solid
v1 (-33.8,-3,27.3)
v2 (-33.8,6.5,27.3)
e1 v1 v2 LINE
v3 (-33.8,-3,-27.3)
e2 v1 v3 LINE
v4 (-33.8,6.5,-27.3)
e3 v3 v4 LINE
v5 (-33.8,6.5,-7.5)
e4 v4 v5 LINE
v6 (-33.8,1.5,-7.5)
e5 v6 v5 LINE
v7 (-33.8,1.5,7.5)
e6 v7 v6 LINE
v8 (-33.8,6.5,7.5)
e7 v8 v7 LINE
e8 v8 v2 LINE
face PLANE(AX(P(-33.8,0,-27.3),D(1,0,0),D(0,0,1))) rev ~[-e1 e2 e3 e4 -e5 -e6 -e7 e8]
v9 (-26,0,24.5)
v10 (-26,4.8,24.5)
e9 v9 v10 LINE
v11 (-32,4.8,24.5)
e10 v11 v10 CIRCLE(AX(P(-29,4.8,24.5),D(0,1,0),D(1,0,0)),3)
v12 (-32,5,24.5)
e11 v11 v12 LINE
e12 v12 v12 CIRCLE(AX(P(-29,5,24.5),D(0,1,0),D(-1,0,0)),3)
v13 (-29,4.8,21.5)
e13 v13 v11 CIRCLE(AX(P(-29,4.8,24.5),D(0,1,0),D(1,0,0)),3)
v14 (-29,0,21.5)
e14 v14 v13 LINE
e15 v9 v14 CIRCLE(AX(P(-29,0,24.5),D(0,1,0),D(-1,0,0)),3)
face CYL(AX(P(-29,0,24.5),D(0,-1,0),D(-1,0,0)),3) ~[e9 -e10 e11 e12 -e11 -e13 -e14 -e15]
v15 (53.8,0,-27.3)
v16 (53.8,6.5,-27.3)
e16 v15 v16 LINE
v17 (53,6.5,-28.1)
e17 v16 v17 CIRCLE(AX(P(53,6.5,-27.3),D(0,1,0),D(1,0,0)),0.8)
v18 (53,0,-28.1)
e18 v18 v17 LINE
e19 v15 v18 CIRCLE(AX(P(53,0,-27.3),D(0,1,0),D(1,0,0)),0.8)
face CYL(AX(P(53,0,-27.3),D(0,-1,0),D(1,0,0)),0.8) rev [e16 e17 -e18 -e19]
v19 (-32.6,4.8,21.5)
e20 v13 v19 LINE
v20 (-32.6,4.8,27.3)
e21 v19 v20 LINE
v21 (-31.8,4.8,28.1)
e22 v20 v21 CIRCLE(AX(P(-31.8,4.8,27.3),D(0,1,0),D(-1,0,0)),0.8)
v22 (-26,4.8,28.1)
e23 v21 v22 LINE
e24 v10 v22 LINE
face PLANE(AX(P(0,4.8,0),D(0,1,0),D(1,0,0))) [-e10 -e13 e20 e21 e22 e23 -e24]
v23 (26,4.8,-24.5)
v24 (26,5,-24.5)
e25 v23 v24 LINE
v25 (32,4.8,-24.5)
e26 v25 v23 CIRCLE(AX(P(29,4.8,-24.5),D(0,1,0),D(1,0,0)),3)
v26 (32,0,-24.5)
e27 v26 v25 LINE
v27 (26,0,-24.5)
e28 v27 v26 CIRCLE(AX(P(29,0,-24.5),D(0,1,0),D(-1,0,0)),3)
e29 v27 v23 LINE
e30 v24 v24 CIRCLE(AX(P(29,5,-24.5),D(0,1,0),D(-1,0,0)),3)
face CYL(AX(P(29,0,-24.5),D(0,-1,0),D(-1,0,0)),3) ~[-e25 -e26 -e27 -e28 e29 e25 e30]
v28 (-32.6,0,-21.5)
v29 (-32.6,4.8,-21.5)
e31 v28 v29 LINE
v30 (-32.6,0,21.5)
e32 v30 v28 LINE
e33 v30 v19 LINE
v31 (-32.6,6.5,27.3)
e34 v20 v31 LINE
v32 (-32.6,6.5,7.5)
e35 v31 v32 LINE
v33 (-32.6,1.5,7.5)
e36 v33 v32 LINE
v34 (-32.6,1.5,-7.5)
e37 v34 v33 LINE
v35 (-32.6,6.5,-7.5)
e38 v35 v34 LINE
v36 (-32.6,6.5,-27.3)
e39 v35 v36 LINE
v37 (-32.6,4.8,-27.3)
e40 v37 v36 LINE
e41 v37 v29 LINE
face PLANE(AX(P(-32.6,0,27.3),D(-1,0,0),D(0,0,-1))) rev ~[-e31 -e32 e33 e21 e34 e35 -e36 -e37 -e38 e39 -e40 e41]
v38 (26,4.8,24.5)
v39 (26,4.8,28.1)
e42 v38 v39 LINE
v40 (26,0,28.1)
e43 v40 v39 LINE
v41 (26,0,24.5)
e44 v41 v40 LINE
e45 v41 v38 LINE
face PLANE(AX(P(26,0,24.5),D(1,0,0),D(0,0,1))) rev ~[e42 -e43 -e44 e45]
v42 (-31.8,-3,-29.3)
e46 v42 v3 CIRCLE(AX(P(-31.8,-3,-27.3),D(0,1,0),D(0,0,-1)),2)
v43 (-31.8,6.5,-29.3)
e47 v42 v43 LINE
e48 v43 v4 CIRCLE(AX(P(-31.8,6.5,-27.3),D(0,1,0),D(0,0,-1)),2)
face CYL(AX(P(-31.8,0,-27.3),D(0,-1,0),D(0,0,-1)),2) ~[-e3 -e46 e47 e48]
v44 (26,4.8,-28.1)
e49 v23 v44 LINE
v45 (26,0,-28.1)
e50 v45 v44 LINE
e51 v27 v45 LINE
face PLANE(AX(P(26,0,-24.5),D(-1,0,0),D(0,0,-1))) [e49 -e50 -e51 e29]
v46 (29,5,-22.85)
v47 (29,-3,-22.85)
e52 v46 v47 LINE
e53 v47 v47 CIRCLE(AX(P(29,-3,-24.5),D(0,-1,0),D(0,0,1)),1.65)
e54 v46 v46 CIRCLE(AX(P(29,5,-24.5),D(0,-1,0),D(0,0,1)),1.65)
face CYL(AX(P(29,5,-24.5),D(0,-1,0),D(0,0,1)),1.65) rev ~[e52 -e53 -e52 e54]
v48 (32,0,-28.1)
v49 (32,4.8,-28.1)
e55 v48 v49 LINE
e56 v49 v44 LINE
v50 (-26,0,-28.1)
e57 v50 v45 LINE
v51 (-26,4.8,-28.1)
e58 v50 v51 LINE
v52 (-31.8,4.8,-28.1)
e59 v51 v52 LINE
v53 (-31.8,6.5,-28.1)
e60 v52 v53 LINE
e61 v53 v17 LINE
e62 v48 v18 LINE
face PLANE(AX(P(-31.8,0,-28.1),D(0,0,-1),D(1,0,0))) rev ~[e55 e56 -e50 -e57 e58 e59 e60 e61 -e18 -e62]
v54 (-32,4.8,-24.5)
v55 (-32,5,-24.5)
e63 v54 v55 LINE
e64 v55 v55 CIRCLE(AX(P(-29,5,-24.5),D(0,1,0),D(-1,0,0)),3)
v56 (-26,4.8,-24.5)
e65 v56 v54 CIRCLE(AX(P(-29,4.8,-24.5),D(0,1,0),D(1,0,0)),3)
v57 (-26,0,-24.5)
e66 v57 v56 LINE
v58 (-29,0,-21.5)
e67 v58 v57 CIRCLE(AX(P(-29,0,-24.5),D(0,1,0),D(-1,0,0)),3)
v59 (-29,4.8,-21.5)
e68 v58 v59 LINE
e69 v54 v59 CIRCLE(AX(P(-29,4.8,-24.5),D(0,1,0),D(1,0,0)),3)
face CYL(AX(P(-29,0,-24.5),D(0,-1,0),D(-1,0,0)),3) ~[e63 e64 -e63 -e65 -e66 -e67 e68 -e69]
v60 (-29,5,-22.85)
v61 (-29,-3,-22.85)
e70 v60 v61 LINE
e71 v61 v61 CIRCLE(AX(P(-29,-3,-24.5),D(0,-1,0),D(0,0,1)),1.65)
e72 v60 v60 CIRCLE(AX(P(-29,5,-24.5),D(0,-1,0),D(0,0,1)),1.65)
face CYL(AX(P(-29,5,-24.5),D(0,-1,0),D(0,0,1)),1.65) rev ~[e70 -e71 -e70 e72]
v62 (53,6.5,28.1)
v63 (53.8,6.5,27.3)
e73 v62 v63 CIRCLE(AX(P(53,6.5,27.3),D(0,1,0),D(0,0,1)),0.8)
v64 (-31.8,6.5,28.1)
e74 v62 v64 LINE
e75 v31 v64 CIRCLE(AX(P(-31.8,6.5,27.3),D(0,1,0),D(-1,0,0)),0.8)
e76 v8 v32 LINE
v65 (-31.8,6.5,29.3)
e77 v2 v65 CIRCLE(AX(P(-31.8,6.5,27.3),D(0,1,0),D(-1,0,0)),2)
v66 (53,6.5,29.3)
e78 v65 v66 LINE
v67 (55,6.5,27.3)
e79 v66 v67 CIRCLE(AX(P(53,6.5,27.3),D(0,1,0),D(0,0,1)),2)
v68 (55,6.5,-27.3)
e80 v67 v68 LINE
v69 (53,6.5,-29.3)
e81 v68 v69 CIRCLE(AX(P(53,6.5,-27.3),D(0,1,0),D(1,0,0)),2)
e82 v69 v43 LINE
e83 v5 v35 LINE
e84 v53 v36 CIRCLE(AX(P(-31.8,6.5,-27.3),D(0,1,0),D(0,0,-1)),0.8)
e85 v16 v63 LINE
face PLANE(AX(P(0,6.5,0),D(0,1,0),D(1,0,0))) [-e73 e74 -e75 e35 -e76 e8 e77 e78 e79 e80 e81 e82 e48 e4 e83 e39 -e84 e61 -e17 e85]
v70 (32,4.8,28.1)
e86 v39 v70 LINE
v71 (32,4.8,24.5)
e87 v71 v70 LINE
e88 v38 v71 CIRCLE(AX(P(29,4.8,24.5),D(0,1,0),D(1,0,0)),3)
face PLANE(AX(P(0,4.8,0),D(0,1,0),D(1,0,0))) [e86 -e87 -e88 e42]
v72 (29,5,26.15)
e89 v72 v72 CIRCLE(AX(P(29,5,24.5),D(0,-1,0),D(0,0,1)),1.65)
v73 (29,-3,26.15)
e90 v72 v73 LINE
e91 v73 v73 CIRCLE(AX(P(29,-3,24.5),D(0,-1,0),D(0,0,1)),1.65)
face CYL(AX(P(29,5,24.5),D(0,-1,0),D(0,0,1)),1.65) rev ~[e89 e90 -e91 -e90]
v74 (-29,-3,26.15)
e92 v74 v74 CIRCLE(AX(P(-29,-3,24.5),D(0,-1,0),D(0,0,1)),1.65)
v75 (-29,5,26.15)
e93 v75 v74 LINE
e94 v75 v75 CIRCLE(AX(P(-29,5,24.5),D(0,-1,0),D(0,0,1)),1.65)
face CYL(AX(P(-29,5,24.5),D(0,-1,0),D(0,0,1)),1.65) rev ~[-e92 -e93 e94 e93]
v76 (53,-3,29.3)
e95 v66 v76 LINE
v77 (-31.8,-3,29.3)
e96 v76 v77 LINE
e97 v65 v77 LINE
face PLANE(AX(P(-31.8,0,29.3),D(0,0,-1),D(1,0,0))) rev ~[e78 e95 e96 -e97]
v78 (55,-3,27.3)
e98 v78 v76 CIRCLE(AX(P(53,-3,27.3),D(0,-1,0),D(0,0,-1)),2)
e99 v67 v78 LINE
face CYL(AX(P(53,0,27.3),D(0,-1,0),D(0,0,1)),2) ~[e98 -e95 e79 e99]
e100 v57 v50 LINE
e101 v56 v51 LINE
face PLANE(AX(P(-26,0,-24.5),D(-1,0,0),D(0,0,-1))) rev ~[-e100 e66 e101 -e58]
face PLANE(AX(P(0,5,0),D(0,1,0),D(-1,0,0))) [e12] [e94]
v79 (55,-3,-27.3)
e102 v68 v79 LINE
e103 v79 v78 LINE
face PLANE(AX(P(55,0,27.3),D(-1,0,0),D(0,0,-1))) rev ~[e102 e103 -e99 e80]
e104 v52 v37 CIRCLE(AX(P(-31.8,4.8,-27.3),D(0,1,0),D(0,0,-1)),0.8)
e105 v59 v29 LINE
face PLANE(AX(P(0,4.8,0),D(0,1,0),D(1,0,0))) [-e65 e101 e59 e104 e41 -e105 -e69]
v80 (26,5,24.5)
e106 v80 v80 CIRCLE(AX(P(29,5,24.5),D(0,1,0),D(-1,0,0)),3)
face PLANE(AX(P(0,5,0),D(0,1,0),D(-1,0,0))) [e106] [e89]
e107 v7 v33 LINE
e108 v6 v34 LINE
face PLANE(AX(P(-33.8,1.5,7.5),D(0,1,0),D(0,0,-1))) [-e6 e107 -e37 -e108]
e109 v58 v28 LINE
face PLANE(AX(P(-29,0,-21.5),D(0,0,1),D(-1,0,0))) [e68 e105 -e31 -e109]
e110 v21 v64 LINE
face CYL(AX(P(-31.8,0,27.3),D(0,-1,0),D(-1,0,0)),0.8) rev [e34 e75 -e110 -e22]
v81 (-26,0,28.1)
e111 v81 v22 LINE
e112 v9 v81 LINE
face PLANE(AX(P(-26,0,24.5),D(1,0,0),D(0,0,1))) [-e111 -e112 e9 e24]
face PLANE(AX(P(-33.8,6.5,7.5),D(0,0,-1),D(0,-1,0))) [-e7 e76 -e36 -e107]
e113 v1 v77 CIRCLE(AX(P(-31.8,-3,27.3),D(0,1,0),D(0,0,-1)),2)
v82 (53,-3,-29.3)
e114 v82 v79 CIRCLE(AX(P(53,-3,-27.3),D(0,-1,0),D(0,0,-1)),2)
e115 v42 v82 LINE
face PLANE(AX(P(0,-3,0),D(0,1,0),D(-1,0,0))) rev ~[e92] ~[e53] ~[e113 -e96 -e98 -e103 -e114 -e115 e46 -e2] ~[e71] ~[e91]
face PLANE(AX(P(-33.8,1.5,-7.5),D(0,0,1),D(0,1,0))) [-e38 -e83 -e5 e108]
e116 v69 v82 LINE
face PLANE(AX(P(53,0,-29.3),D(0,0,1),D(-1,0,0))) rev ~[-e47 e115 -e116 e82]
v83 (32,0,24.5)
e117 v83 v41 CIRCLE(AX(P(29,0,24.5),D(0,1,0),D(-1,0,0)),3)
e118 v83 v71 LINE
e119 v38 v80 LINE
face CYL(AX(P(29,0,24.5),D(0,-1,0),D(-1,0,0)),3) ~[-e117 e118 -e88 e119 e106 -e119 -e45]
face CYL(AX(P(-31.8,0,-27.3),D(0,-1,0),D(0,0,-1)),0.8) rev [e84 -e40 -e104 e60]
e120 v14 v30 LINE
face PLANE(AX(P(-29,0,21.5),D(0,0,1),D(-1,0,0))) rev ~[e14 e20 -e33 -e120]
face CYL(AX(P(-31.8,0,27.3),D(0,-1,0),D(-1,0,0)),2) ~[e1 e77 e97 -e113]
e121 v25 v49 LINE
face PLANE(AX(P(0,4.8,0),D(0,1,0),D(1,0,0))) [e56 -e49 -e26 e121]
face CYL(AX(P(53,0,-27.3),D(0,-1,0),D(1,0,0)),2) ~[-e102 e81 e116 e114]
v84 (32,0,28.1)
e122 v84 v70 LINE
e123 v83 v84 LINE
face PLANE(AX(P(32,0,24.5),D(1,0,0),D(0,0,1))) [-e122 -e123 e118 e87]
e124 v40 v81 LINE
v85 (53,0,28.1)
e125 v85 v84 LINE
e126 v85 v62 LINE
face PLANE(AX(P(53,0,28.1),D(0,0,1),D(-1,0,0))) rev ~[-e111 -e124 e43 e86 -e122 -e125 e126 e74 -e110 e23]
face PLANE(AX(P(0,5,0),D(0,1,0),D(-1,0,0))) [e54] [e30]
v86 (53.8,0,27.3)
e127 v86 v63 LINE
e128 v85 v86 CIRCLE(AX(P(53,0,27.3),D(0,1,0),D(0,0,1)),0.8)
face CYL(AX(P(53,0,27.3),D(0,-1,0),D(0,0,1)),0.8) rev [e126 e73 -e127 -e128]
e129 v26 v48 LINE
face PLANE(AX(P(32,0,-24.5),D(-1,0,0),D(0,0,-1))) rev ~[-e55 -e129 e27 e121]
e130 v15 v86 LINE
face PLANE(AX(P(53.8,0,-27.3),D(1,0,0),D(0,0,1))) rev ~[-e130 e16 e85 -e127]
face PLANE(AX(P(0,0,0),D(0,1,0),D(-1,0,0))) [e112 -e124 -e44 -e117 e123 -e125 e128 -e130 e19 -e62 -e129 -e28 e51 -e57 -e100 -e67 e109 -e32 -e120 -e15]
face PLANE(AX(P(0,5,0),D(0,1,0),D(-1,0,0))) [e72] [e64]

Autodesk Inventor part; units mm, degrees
ref_plane "YZ Plane" through (0, 0, 0) normal (1, 0, 0) x (0, 1, 0)
ref_plane "XZ Plane" through (0, 0, 0) normal (0, 1, 0) x (-1, 0, 0)
ref_plane "XY Plane" through (0, 0, 0) normal (0, 0, 1) x (1, 0, 0)
sketch "Sketch1" plane through (0, 0, 0) normal (0, 1, 0) x (-1, 0, 0)
  line L0 (29, 24.5) -> (-29, 24.5) construction
  line L1 (-29, 24.5) -> (-29, -24.5) construction
  line L2 (-29, -24.5) -> (29, -24.5) construction
  line L3 (29, -24.5) -> (29, 24.5) construction
  circle A0 centre (29, 24.5) radius 3
  circle A1 centre (29, -24.5) radius 3
  circle A2 centre (-29, -24.5) radius 3
  circle A3 centre (-29, 24.5) radius 3
  point P0 (0, 0)
  dimension "d0" = 24.5
  dimension "d1" = 29
  dimension "d2" = 58
  dimension "d3" = 49
  dimension "d4" = 6
  dimension "d5" = 6
  dimension "d6" = 6
  dimension "d7" = 6
extrude "Extrusion1" add sketch "Sketch1" along normal blind 5
sketch "Sketch6" plane through (0, 0, 0) normal (0, 1, 0) x (-1, 0, 0)
  line L0 (33.8, -29.3) -> (-55, -29.3)
  line L1 (-55, -29.3) -> (-55, 29.3)
  line L2 (-55, 29.3) -> (33.8, 29.3)
  line L3 (33.8, 29.3) -> (33.8, -29.3)
  circle A0 centre (29, -24.5) radius 3 projected
  circle A1 centre (-29, 24.5) radius 3 projected
  circle A2 centre (29, 24.5) radius 3 projected
  circle A3 centre (-29, -24.5) radius 3 projected
  line L4 (32, -27.5) -> (-32, -27.5)
  line L5 (-32, -27.5) -> (-32, 27.5)
  line L6 (-32, 27.5) -> (32, 27.5)
  line L7 (32, 27.5) -> (32, -27.5)
  point P0 (0, 0)
  dimension "d30" = 1.8
  dimension "d31" = 55
  dimension "d32" = 64
  dimension "d33" = 27.5
  dimension "d34" = 32
  dimension "d35" = 1.8
  dimension "d36" = 1.8
  dimension "d37" = 23
extrude "Extrusion5" add sketch "Sketch6" against normal blind 3 contours L0 L1 L2 L3 | A0 | L7 L4 A0 | A0 L4 A3 L5 A1 L6 A2 L7 | A2 | A2 L6 L7 | L4 L5 A3 | A3 | A1 | A1 L5 L6
fillet "Fillet2" radius 2 4 edges at (-33.8, -1.5, 29.3) (55, -1.5, 29.3) (55, -1.5, -29.3) (-33.8, -1.5, -29.3)
sketch "Sketch7" plane through (0, 0, 0) normal (0, 1, 0) x (1, 0, 0)
  circle A0 centre (29, 24.5) radius 3 projected
  circle A1 centre (-29, 24.5) radius 3 projected
  circle A2 centre (29, -24.5) radius 3 projected
  circle A3 centre (-29, -24.5) radius 3 projected
  arc A4 (-31.8, 29.3) -> (-33.8, 27.3) centre (-31.8, 27.3) ccw projected
  line L0 (-33.8, 27.3) -> (-33.8, -27.3) projected
  arc A5 (-33.8, -27.3) -> (-31.8, -29.3) centre (-31.8, -27.3) ccw projected
  line L1 (-31.8, -29.3) -> (53, -29.3) projected
  arc A6 (53, -29.3) -> (55, -27.3) centre (53, -27.3) ccw projected
  line L2 (55, -27.3) -> (55, 27.3) projected
  arc A7 (55, 27.3) -> (53, 29.3) centre (53, 27.3) ccw projected
  line L3 (53, 29.3) -> (-31.8, 29.3) projected
  line L4 (53.8, 27.3) -> (53.8, -27.3)
  arc A8 (53, -28.1) -> (53.8, -27.3) centre (53, -27.3) ccw
  line L5 (53, -28.1) -> (-31.8, -28.1)
  arc A9 (-32.6, -27.3) -> (-31.8, -28.1) centre (-31.8, -27.3) ccw
  line L6 (-32.6, -27.3) -> (-32.6, 27.3)
  arc A10 (-31.8, 28.1) -> (-32.6, 27.3) centre (-31.8, 27.3) ccw
  line L7 (-31.8, 28.1) -> (53, 28.1)
  arc A11 (53.8, 27.3) -> (53, 28.1) centre (53, 27.3) ccw
  point P0 (0, 0)
  dimension "d41" = 1.2
extrude "Extrusion6" add sketch "Sketch7" along normal blind 6.5 contours L3 A7 L2 A6 L1 A5 L0 A4
sketch "Sketch8" plane through (0, 0, 0) normal (0, 1, 0) x (1, 0, 0)
  arc A0 (-31.8, 28.1) -> (-32.6, 27.3) centre (-31.8, 27.3) ccw projected
  line L0 (-32.6, 27.3) -> (-32.6, -27.3) projected
  arc A1 (-32.6, -27.3) -> (-31.8, -28.1) centre (-31.8, -27.3) ccw projected
  line L1 (-31.8, -28.1) -> (53, -28.1) projected
  arc A2 (53, -28.1) -> (53.8, -27.3) centre (53, -27.3) ccw projected
  line L2 (53.8, -27.3) -> (53.8, 27.3) projected
  arc A3 (53.8, 27.3) -> (53, 28.1) centre (53, 27.3) ccw projected
  line L3 (53, 28.1) -> (-31.8, 28.1) projected
  circle A4 centre (29, 24.5) radius 3 projected
  circle A5 centre (-29, 24.5) radius 3 projected
  circle A6 centre (29, -24.5) radius 3 projected
  circle A7 centre (-29, -24.5) radius 3 projected
  circle A8 centre (-29, -24.5) radius 3 projected
  line L4 (-29, -21.5) -> (-32.6, -21.5)
  line L5 (-32.6, 27.3) -> (-32.6, -27.3) projected
  line L6 (-26, -24.5) -> (-26, -28.1)
  line L7 (-31.8, -28.1) -> (53, -28.1) projected
  circle A9 centre (-29, 24.5) radius 3 projected
  line L8 (-29, 21.5) -> (-32.6, 21.5)
  line L9 (-26, 24.5) -> (-26, 28.1)
  line L10 (53, 28.1) -> (-31.8, 28.1) projected
  circle A10 centre (29, 24.5) radius 3 projected
  line L11 (26, 24.5) -> (26, 28.1)
  line L12 (32, 24.5) -> (32, 28.1)
  circle A11 centre (29, -24.5) radius 3 projected
  line L13 (32, -24.5) -> (32, -28.1)
  line L14 (26, -24.5) -> (26, -28.1)
  point P0 (0, 0)
extrude "Extrusion7" add sketch "Sketch8" along normal blind 4.8 contours L3 L9 A5 L8 L0 A0 | L3 L12 A4 L11 | L4 A7 L6 L1 A1 L0 | L14 A6 L13 L1
sketch "Sketch9" plane through (-33.8, -3, -27.3) normal (-1, 0, 0) x (0, 0, 1)
  line L0 (0, 0) -> (0, 9.5) projected
  line L1 (54.6, 0) -> (0, 0) projected
  line L2 (54.6, 9.5) -> (54.6, 0) projected
  line L3 (0, 9.5) -> (54.6, 9.5) projected
  line L4 (19.8, 14.5) -> (34.8, 14.5)
  line L5 (34.8, 14.5) -> (34.8, 4.5)
  line L6 (34.8, 4.5) -> (19.8, 4.5)
  line L7 (19.8, 4.5) -> (19.8, 14.5)
  line L8 (0, 9.5) -> (54.6, 9.5) projected
  line L9 (19.8, 14.5) -> (34.8, 4.5) construction
  line L10 (34.8, 14.5) -> (19.8, 4.5) construction
  point P0 (27.3, 3)
  point P1 (27.3, 9.5)
  point P2 (34.8, 9.5)
  point P3 (19.8, 9.5)
  dimension "d46" = 15
  dimension "d47" = 10
extrude "Extrusion8" cut sketch "Sketch9" against normal up to next contours L3 L5 L6 L7
sketch "Sketch10" plane through (-29, 5, 24.5) normal (0, 1, 0) x (1, 0, 0)
  circle A0 centre (0, 0) radius 3 projected
  circle A1 centre (0, 49) radius 3 projected
  circle A2 centre (58, 49) radius 3 projected
  circle A3 centre (58, 0) radius 3 projected
  point P0 (29, 24.5)
hole "Hole2" at (-29, 5, 24.5) at (-29, 5, -24.5) at (29, 5, -24.5) at (29, 5, 24.5) direction (0, -1, 0) diameter 3.3 end through all
properties part number "Pi Back Mount"
